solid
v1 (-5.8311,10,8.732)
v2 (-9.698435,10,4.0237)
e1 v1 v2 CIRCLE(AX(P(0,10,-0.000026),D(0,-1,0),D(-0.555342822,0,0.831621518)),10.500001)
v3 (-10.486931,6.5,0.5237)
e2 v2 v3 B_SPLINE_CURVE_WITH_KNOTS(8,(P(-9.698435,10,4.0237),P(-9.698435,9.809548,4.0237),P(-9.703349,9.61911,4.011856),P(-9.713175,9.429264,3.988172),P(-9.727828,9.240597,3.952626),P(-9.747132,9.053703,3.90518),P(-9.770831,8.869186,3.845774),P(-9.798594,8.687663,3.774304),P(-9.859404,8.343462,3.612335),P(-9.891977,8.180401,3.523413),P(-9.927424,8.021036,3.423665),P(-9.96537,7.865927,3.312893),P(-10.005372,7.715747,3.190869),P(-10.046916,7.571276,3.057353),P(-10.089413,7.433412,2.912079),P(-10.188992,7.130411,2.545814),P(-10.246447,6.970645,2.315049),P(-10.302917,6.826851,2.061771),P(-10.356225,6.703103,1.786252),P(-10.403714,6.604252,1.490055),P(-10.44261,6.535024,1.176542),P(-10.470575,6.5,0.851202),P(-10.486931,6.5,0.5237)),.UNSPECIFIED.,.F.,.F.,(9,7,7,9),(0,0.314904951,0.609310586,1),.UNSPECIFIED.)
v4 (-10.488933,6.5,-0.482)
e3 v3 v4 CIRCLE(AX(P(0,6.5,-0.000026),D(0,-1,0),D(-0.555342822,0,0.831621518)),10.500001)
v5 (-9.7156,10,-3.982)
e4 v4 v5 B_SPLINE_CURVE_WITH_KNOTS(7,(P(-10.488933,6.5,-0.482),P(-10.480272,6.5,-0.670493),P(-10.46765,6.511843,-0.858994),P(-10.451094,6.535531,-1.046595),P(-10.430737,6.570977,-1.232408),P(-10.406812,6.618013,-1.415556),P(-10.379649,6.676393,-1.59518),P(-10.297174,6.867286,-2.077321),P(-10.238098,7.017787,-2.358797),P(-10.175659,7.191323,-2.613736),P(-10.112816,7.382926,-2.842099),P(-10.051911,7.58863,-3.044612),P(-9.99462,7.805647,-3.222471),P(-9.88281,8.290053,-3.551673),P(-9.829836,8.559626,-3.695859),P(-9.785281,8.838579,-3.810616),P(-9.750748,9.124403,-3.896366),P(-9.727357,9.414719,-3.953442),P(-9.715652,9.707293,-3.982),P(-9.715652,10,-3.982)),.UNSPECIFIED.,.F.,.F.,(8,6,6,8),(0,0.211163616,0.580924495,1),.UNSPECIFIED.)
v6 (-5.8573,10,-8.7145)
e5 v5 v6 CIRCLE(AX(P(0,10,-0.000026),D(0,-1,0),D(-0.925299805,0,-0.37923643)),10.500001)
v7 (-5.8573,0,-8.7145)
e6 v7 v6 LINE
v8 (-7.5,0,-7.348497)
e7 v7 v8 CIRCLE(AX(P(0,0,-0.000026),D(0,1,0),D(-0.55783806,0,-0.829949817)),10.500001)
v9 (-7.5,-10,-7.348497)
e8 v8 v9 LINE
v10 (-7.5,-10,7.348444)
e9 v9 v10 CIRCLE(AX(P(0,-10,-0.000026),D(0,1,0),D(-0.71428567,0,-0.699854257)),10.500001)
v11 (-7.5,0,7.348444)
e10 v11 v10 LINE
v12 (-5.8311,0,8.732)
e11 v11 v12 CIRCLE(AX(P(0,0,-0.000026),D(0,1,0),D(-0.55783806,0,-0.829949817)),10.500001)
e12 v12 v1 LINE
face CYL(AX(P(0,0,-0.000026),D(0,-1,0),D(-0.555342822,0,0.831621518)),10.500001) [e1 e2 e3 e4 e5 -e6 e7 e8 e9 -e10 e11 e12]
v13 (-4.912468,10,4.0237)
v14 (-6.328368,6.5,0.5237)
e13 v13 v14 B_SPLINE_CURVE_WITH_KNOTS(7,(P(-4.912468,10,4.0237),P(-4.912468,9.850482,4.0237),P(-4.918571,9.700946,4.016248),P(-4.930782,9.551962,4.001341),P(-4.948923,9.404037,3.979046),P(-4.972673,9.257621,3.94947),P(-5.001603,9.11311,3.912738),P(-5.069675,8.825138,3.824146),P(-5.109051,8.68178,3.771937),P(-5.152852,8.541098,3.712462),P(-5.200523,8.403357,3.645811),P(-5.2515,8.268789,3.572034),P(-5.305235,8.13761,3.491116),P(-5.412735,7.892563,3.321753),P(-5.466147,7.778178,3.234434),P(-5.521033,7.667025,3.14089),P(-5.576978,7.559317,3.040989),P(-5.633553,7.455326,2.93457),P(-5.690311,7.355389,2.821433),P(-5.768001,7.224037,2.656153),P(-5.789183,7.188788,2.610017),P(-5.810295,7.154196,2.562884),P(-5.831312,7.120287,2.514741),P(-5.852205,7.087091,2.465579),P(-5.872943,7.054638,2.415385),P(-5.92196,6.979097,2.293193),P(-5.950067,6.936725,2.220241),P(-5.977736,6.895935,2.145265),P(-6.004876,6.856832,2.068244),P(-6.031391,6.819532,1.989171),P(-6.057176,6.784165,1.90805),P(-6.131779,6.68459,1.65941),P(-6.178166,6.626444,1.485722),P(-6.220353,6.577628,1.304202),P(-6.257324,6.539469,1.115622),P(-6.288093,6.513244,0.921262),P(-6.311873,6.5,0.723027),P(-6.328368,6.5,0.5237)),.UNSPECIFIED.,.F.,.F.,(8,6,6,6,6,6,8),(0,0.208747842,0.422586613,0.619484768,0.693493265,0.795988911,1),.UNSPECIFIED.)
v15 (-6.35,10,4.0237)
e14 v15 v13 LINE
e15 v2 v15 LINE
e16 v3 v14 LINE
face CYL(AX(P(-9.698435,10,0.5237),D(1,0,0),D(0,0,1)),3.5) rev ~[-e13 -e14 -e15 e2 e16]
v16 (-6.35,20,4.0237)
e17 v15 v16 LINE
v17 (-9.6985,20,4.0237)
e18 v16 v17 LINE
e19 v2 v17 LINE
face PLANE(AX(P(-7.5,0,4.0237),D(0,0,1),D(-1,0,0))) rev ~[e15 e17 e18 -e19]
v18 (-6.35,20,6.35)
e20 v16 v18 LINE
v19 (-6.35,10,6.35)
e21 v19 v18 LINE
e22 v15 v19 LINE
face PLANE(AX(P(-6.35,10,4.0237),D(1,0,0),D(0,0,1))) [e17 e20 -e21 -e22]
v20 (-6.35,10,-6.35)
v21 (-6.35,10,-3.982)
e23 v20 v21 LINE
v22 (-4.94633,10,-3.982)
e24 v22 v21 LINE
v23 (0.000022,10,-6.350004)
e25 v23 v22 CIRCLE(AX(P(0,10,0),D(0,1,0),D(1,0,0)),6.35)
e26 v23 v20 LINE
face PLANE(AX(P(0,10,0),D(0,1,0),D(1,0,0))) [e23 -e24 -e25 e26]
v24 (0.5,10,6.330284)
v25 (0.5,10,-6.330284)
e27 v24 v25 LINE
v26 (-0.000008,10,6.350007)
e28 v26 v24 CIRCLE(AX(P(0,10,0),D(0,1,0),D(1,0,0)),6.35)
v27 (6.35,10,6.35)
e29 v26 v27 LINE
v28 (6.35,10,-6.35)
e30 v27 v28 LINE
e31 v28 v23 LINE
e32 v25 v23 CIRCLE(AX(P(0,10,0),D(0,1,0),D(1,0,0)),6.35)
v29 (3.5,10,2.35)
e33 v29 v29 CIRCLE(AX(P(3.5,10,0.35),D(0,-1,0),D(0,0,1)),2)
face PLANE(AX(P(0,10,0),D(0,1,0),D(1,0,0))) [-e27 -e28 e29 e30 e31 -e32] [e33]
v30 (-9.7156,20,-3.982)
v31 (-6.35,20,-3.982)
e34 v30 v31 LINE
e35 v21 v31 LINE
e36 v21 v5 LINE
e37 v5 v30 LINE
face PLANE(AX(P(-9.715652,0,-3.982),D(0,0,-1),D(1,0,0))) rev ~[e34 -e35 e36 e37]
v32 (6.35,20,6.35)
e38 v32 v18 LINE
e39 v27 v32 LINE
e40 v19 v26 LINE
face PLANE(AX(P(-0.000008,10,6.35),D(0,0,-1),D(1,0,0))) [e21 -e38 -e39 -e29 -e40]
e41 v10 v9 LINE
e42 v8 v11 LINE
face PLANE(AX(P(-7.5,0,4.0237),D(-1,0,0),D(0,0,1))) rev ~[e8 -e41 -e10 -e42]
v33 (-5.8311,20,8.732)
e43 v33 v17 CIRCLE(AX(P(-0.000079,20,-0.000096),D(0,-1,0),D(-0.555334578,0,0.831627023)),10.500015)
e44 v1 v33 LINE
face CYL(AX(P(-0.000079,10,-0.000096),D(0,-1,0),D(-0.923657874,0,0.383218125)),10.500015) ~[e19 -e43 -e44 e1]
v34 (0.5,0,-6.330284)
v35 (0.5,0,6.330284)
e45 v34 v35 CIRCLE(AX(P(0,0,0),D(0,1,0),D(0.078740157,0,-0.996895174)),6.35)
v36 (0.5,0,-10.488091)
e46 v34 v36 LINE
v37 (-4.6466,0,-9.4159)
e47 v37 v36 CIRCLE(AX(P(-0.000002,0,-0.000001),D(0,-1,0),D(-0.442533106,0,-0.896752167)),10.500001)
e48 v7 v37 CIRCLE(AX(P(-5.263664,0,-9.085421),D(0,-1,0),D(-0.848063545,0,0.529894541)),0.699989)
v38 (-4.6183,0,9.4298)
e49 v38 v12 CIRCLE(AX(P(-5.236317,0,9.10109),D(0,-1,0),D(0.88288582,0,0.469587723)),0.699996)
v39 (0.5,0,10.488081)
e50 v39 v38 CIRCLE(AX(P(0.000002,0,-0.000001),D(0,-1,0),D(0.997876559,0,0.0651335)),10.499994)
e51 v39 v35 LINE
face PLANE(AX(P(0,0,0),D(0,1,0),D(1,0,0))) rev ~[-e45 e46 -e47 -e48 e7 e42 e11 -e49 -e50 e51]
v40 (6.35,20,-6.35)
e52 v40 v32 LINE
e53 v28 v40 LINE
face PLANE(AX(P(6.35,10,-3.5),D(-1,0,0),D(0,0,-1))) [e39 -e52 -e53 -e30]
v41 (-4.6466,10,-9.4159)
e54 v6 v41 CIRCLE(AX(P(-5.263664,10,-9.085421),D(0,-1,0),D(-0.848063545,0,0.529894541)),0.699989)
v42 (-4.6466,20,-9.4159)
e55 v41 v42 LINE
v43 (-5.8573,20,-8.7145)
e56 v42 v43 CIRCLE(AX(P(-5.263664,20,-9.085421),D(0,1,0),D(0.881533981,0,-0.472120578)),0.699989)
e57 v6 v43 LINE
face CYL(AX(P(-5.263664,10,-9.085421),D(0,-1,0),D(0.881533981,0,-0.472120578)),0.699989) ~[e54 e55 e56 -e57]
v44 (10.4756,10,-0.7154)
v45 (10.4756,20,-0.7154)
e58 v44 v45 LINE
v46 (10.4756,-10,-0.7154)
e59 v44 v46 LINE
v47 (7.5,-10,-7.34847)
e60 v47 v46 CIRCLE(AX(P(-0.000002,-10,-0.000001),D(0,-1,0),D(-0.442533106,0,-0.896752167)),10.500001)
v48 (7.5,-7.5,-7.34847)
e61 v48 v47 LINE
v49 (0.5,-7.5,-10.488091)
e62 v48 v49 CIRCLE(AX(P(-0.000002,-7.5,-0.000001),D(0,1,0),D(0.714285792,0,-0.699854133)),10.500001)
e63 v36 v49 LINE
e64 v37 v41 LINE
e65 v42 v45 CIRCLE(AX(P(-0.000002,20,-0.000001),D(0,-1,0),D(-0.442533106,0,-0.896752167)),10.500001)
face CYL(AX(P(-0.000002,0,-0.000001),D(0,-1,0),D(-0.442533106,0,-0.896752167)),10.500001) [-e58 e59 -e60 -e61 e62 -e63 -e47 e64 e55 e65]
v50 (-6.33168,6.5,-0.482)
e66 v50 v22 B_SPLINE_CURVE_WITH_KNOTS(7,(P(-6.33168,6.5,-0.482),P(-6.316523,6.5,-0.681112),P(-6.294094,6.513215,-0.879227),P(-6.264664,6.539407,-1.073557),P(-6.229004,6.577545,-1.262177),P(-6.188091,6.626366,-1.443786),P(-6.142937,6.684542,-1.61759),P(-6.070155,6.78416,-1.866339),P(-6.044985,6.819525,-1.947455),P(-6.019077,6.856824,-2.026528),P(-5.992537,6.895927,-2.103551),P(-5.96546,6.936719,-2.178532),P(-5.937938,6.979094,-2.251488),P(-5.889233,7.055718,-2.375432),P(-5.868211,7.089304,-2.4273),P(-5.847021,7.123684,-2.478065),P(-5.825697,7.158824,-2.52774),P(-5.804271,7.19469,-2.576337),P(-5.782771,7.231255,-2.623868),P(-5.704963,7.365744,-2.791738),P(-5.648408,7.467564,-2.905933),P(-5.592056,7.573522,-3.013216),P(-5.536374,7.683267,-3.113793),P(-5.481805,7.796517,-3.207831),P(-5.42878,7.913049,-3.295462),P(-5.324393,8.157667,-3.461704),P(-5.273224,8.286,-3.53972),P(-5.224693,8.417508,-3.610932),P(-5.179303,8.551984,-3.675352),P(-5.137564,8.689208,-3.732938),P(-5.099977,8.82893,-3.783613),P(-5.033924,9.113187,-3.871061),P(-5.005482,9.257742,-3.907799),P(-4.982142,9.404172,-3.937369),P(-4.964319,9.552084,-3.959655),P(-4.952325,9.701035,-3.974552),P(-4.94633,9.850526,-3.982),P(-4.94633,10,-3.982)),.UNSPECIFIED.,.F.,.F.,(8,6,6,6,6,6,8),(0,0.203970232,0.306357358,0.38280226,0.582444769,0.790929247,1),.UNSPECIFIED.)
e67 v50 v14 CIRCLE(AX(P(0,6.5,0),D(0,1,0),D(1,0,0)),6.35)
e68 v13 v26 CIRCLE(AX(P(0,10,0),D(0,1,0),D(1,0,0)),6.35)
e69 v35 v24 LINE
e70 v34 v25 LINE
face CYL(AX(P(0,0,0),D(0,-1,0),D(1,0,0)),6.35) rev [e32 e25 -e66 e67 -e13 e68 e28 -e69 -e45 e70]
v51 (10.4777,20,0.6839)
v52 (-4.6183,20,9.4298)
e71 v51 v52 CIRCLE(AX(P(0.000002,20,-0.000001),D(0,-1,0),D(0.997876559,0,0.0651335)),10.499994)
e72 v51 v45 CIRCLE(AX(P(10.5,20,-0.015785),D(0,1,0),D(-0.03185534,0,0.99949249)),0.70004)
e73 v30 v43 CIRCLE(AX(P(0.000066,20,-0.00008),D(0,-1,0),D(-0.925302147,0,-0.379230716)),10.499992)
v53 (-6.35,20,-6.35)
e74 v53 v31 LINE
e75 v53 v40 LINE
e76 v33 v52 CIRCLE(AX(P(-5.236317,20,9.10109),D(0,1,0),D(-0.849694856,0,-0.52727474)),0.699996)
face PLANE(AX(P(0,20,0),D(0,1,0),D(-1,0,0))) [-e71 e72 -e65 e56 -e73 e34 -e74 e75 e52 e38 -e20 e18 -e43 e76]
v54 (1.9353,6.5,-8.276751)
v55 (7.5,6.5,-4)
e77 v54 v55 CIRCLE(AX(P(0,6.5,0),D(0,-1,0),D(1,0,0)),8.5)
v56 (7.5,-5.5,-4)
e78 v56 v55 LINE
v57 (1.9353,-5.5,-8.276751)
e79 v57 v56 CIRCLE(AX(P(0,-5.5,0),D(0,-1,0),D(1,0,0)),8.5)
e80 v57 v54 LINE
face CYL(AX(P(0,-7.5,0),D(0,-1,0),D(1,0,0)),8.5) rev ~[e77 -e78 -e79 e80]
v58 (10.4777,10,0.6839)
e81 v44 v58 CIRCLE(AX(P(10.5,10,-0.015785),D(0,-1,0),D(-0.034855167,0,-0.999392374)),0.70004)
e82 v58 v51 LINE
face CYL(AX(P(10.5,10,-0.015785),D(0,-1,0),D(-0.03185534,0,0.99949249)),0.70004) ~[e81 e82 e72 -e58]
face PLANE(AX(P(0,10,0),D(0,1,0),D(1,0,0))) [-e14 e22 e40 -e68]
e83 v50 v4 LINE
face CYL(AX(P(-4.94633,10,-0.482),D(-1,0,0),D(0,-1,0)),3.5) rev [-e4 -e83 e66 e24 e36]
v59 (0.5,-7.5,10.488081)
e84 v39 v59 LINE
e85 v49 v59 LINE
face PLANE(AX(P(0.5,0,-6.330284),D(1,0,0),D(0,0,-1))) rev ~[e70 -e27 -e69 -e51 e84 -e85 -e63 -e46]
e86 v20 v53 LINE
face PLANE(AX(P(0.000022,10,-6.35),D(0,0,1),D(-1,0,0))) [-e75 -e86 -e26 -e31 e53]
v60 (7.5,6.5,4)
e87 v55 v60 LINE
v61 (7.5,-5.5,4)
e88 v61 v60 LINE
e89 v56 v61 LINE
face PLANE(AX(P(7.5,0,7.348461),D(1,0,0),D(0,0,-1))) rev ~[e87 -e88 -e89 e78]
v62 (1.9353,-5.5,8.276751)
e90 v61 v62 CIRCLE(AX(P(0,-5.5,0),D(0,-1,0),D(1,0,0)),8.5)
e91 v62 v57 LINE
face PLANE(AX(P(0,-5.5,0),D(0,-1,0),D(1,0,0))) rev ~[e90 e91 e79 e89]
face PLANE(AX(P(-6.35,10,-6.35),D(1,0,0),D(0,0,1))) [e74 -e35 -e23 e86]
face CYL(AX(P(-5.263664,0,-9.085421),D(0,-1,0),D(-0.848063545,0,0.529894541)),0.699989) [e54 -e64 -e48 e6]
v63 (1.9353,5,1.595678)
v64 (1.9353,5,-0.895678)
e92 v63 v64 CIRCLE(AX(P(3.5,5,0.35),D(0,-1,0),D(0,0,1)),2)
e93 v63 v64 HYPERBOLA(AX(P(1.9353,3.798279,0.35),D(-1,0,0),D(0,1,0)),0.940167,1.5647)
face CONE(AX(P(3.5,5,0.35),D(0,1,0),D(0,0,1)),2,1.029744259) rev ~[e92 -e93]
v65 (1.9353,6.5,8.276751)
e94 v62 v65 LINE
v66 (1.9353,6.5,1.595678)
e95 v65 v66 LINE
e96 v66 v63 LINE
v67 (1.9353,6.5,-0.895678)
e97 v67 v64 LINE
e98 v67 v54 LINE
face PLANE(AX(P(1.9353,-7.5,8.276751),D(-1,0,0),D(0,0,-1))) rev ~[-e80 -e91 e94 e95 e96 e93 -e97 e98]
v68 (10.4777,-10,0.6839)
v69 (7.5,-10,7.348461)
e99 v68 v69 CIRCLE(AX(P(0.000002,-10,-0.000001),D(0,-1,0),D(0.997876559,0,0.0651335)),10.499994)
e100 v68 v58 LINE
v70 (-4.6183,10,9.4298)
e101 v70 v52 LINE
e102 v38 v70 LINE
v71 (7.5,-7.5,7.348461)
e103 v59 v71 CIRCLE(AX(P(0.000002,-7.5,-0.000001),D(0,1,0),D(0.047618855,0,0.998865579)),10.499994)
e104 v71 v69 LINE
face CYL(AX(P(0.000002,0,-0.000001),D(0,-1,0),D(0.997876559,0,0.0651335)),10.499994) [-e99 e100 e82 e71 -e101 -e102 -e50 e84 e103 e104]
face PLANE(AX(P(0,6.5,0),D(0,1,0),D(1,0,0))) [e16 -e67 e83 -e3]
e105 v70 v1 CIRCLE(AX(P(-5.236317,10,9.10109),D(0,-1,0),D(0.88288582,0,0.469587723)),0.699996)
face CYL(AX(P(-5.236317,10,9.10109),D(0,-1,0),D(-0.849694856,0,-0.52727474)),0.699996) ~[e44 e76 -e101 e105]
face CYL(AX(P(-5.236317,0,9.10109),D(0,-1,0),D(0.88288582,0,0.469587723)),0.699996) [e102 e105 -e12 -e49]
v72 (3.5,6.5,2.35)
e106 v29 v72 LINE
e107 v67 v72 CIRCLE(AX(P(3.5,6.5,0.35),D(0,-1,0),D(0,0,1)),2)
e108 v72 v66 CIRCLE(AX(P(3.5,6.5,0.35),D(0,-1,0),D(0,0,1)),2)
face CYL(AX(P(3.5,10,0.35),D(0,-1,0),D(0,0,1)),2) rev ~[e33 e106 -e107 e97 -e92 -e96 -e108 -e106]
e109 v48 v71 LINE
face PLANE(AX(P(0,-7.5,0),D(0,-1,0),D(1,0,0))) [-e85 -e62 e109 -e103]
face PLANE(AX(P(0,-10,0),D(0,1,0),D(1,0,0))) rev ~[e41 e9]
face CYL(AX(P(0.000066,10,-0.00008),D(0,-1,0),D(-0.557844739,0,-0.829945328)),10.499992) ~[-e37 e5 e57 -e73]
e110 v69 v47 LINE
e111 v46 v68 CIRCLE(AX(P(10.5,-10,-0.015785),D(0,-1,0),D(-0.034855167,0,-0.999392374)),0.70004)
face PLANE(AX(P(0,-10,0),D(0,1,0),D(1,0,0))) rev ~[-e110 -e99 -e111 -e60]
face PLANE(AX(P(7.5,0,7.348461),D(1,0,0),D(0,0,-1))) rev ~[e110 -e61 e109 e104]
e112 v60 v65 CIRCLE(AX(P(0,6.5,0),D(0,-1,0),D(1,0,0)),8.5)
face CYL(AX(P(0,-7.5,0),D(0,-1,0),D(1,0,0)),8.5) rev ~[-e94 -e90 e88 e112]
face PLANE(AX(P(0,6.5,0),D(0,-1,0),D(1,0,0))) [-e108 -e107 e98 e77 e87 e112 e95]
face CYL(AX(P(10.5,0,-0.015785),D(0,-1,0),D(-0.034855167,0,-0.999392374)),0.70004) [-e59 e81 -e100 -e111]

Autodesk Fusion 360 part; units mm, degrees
sketch "Sketch1" plane through (0, 0, 0) normal (0, 1, 0) x (1, 0, 0) in component "SwitchSpacer"
  arc A0 (-5.8311, -8.732) -> (-5.8573, 8.7145) centre (0, 0) cw
  arc A1 (-4.6183, -9.4298) -> (-5.8311, -8.732) centre (-5.2363, -9.1011) cw
  line L0 (-20, 3.982) -> (0, 3.982)
  arc A2 (10.4756, 0.7154) -> (10.4777, -0.6839) centre (10.5, 0.0158) cw
  arc A3 (-4.6466, 9.4159) -> (10.4756, 0.7154) centre (0, 0) cw
  arc A4 (10.4777, -0.6839) -> (-4.6183, -9.4298) centre (0, 0) cw
  arc A5 (-5.8573, 8.7145) -> (-4.6466, 9.4159) centre (-5.2637, 9.0854) cw
  line L1 (-20, -4.0237) -> (-20, 3.982)
  line L2 (0, 3.982) -> (0, -4.0237)
  line L3 (0, -4.0237) -> (-20, -4.0237)
  circle A6 centre (0, 0) radius 6.35
  line L4 (7.5, 12) -> (-7.5, 12)
  line L5 (-7.5, 12) -> (-7.5, -12)
  line L6 (-7.5, -12) -> (7.5, -12)
  line L7 (7.5, -12) -> (7.5, 12)
  line L8 (7.5, 12) -> (-7.5, -12) construction
  line L9 (-7.5, 12) -> (7.5, -12) construction
  line L10 (0.5, -12) -> (0.5, 12)
  line L11 (2, -12) -> (2, 12)
  point P0 (0.5, -12)
  point P1 (0, -12)
  point P2 (2, -12)
  dimension "d39" = 12.7
  dimension "d40" = 15
  dimension "d41" = 24
  dimension "d42" = 0.5
  dimension "d51" = 1.5
extrude "Extrude8" add sketch "Sketch1" along normal blind 10 contours A0 A1 A4 L3 A6 L5 L10 | A0 L3 L5 | A4 A6 L10 L11 | A0 L0 L5 | A0 L0 A3 A5 A6 L5 L10 | A3 A4 A6 L7 L11 | A6 L10 L11 | A2 A3 A4 L7 | A6 L11 | A3 A6 L10 L11 in component "SwitchSpacer"
sketch "Sketch2" plane through (0, 10, 0) normal (0, 1, 0) x (-1, 0, 0) in component "SwitchSpacer"
  circle A0 centre (0, 0) radius 4
  line L0 (6.35, 6.35) -> (-6.35, 6.35)
  line L1 (-6.35, 6.35) -> (-6.35, -6.35)
  line L2 (-6.35, -6.35) -> (6.35, -6.35)
  line L3 (6.35, -6.35) -> (6.35, 6.35)
  line L4 (6.35, 6.35) -> (-6.35, -6.35) construction
  line L5 (-6.35, 6.35) -> (6.35, -6.35) construction
  line L6 (6.35, 6.35) -> (19.35, 6.35)
  line L7 (19.35, 6.35) -> (19.35, -6.35)
  line L8 (19.35, -6.35) -> (6.35, -6.35)
  line L9 (6.35, -6.35) -> (6.35, 6.35)
  circle A1 centre (0, 0) radius 6.35
  line L10 (12.5, -3.5) -> (-12.5, -3.5)
  line L11 (-12.5, -3.5) -> (-12.5, 3.5)
  line L12 (-12.5, 3.5) -> (12.5, 3.5)
  line L13 (12.5, 3.5) -> (12.5, -3.5)
  line L14 (12.5, -3.5) -> (-12.5, 3.5) construction
  line L15 (-12.5, -3.5) -> (12.5, 3.5) construction
  arc A2 (9.6985, 4.0237) -> (5.8311, 8.732) centre (0, 0) ccw
  arc A3 (5.8311, 8.732) -> (4.6183, 9.4298) centre (5.2363, 9.1011) ccw
  arc A4 (4.6183, 9.4298) -> (-10.4777, 0.6839) centre (0, 0) ccw
  arc A5 (-10.4777, 0.6839) -> (-10.4756, -0.7154) centre (-10.5, -0.0158) ccw
  arc A6 (-10.4756, -0.7154) -> (4.6466, -9.4159) centre (0, 0) ccw
  arc A7 (4.6466, -9.4159) -> (5.8573, -8.7145) centre (5.2637, -9.0854) ccw
  arc A8 (-0.5, -6.3303) -> (4.9463, -3.982) centre (0, 0) ccw
  line L16 (-0.5, -6.3303) -> (-0.5, 6.3303)
  line L17 (9.7156, -3.982) -> (4.9463, -3.982)
  arc A9 (4.9125, 4.0237) -> (-0.5, 6.3303) centre (0, 0) ccw
  line L18 (4.9125, 4.0237) -> (9.6985, 4.0237)
  arc A10 (5.8573, -8.7145) -> (9.7156, -3.982) centre (0, 0) ccw
  dimension "d18" = 12.7
  dimension "d19" = 12.7
  dimension "d20" = 13
  dimension "d21" = 12.7
  dimension "d22" = 12.7
  dimension "d27" = 25
  dimension "d28" = 7
extrude "Extrude10" add sketch "Sketch2" along normal blind 10 contours L0 L1 L6 L12 A2 A3 A4 | L3 L6 L9 A2 L18 | L1 L2 L8 L10 A6 A7 A10 | L3 L8 L9 L17 A10 | L1 L10 L12 A4 A5 A6 in component "SwitchSpacer"
extrude "Extrude12" add sketch "Sketch1" along normal blind 6.5 contours A0 L0 L3 L5 | L0 L3 A6 L5 in component "SwitchSpacer"
extrude "Extrude13" add sketch "Sketch1" against normal blind 10 contours A0 L3 L5 | A0 L0 L3 L5 | A0 L0 L5 | A2 A3 A4 L7 in component "SwitchSpacer"
extrude "Extrude14" add sketch "Sketch1" against normal blind 7.5 contours A4 A6 L10 L11 | A3 A4 A6 L7 L11 | A6 L10 L11 | A6 L11 | A3 A6 L10 L11 in component "SwitchSpacer"
fillet "Fillet1" radius 3.5 2 edges at (-7.331, 6.5, -3.982) (-7.3055, 6.5, 4.0237) in component "SwitchSpacer"
sketch "Sketch3" plane through (0, -7.5, 0) normal (0, -1, 0) x (1, 0, 0) in component "SwitchSpacer"
  line L0 (7.5, -7.3485) -> (7.5, 7.3485)
  arc A0 (7.5, 7.3485) -> (0.5, 10.4881) centre (0, 0) ccw
  line L1 (0.5, 10.4881) -> (0.5, -10.4881)
  arc A1 (0.5, -10.4881) -> (7.5, -7.3485) centre (0, 0) ccw
  circle A2 centre (0, 0) radius 8.5
  line L2 (1.9353, 11.9343) -> (1.9353, -13.1678)
  point P0 (1.9353, 11.9343)
  dimension "d52" = 17
  dimension "d53" = 1.9353
extrude "Extrude15" cut sketch "Sketch3" against normal blind 14 contours L0 A2 L2 in component "SwitchSpacer"
extrude "Extrude16" add sketch "Sketch3" against normal blind 2 contours L0 A2 L2 in component "SwitchSpacer"
hole "Hole2" at (3.5, 10, 0.35) direction (0, -1, 0) diameter 4 depth 5 tip angle 118 in component "SwitchSpacer"
component "SwitchSpacer" placed x (1, 0, 0) y (0, 1, 0) z (0, 0, 1) at (0, 0, 0)
